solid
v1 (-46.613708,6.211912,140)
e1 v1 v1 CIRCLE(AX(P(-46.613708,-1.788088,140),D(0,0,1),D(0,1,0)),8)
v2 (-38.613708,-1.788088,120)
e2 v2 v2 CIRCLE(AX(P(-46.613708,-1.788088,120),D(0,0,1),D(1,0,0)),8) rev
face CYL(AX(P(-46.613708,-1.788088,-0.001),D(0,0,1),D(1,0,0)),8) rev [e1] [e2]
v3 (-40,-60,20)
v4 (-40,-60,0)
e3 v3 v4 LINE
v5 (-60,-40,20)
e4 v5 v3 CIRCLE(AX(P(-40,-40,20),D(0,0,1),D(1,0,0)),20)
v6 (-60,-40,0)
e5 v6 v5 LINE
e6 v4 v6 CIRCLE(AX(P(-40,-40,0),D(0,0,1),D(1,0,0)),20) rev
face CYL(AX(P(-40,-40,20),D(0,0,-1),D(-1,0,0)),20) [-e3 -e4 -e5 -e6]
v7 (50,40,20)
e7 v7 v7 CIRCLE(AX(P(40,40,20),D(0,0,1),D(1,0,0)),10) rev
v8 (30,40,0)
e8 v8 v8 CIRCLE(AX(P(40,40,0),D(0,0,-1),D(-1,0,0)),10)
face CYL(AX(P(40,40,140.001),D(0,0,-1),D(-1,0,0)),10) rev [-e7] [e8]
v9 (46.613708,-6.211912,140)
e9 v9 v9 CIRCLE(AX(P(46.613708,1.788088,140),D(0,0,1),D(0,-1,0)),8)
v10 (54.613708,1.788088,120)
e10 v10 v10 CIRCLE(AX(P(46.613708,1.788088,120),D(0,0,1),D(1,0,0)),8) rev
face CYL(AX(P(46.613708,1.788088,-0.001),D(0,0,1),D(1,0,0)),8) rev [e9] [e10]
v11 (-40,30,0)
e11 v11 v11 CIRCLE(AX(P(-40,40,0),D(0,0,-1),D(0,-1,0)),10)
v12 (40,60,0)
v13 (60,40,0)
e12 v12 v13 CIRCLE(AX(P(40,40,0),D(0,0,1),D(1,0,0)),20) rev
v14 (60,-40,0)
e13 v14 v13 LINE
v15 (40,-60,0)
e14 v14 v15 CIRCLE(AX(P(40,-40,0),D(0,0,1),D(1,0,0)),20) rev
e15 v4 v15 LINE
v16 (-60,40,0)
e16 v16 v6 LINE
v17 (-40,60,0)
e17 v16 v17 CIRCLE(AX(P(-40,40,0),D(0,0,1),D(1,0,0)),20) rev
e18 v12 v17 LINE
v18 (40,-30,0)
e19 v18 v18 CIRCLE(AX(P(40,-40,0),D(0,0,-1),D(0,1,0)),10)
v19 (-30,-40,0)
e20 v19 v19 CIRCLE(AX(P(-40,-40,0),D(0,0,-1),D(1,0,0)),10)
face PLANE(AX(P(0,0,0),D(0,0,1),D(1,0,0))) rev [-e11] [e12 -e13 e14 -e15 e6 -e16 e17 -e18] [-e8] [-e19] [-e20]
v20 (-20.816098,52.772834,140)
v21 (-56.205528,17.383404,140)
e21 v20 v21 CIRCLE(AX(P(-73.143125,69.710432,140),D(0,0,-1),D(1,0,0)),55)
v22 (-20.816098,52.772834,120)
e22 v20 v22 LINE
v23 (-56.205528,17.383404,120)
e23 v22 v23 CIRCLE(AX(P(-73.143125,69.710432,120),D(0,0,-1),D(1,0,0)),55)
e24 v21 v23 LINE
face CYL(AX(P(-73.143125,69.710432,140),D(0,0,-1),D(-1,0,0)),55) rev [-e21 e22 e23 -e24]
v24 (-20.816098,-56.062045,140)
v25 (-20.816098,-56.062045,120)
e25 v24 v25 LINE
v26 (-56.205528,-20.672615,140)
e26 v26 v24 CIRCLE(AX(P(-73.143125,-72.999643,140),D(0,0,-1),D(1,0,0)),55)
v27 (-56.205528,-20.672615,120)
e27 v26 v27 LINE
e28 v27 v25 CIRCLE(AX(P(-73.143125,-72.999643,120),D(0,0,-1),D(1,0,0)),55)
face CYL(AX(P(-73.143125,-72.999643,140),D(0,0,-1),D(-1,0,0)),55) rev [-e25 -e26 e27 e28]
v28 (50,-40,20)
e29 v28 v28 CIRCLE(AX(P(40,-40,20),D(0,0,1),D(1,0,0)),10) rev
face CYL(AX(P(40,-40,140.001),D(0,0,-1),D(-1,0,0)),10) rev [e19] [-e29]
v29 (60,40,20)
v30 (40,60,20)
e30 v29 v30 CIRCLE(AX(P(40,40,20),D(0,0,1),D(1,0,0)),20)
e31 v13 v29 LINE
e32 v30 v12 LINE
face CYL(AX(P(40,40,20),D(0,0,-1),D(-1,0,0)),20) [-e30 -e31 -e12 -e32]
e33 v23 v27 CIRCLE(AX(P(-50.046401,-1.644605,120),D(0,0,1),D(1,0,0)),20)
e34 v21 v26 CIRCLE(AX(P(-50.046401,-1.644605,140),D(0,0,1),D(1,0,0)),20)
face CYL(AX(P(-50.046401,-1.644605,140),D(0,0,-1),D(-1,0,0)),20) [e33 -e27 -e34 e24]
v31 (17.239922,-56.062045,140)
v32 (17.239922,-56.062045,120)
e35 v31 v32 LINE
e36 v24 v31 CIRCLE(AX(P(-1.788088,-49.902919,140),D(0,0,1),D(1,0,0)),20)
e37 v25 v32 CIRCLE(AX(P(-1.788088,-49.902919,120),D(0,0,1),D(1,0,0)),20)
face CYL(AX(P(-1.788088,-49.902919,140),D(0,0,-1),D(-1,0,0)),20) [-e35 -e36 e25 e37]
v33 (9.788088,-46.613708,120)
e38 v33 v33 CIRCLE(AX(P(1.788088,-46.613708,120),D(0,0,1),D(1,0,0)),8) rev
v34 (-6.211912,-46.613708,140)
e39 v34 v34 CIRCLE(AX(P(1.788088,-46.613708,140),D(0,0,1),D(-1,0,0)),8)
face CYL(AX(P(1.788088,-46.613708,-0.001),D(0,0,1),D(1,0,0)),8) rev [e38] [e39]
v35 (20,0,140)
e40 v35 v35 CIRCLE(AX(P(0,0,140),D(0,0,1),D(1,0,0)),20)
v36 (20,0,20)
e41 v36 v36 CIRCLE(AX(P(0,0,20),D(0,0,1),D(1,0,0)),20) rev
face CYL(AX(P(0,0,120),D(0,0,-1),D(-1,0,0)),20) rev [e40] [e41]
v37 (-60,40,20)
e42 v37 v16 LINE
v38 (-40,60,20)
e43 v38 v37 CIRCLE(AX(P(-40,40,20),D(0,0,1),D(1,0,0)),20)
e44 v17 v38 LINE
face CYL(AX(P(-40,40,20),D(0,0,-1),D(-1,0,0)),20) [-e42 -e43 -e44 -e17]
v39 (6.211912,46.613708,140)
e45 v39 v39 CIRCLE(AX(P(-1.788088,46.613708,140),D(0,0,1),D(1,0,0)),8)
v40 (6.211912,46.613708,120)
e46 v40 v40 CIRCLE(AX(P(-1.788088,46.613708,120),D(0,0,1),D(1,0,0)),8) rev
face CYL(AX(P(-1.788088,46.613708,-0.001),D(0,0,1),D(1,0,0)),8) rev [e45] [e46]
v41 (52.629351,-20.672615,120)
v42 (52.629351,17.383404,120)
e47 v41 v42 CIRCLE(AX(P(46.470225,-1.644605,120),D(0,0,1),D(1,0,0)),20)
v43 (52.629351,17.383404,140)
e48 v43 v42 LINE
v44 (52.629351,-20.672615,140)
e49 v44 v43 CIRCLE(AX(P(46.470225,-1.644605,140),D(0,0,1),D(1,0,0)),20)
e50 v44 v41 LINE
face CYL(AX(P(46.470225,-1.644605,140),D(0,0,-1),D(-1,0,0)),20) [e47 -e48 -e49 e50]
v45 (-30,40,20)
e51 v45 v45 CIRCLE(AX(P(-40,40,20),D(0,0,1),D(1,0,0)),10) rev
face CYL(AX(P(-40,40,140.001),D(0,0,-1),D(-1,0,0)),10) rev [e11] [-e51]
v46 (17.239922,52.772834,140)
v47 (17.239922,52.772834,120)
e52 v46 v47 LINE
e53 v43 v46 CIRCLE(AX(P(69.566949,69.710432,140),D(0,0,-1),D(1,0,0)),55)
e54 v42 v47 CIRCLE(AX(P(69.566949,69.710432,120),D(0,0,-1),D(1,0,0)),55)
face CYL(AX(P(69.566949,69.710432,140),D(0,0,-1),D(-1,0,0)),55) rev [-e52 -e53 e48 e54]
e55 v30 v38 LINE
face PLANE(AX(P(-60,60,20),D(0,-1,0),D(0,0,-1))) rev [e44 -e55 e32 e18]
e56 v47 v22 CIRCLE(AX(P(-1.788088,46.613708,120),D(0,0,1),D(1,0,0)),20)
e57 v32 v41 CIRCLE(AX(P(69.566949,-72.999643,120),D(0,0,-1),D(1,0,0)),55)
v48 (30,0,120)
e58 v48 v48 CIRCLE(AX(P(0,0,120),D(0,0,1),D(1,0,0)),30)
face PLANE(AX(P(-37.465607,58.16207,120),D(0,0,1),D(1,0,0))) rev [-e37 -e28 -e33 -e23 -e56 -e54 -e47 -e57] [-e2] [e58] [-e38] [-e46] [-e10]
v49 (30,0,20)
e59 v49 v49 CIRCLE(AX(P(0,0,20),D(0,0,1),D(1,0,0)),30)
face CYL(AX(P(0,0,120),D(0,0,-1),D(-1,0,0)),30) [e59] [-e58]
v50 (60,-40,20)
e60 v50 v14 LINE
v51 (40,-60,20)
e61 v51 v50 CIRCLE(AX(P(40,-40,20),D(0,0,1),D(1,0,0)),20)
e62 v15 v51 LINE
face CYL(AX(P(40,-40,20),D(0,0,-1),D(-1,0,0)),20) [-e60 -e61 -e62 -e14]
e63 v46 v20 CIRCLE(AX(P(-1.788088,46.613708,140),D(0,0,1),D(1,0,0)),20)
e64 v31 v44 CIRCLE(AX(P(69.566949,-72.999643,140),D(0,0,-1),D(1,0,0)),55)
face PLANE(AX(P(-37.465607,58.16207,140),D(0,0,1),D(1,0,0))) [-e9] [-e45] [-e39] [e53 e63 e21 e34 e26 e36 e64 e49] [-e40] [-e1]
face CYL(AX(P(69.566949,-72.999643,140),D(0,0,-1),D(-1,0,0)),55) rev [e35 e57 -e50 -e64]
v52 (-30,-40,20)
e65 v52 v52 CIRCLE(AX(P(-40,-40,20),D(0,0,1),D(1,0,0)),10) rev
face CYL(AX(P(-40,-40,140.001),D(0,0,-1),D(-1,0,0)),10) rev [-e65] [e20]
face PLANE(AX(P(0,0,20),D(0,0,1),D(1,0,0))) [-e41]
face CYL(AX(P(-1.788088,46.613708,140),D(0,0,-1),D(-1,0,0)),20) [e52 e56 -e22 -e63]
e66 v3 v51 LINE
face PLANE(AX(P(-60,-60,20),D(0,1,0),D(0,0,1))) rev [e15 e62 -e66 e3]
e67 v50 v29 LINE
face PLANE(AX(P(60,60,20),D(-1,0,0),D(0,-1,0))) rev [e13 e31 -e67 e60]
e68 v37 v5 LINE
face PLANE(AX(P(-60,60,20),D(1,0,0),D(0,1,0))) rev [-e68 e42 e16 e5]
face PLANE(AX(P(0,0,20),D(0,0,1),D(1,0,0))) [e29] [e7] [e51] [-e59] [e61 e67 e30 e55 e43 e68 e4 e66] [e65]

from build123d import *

# Parameters (mm, degrees)
SCHIZZO1_W                   = 120
SCHIZZO1_H                   = 120
ESTRUSIONE_ESTRUSIONE1_DEPTH = 20
SCHIZZO3_R                   = 30
SCHIZZO3_R_2                 = 20
ESTRUSIONE_ESTRUSIONE2_DEPTH = 100
SCHIZZO4_R                   = 20
ESTRUSIONE_ESTRUSIONE3_DEPTH = 20
RACCORDO2_R                  = 20
SCHIZZO8_R                   = 8
TAGLIO_ESTRUSIONE1_DEPTH     = 20
SCHIZZO7_R                   = 10
TAGLIO_ESTRUSIONE2_DEPTH     = 20
RIPETIZIONECIRCOLARE1_COUNT  = 4


with BuildPart() as part:
    # Schizzo1 → Estrusione-Estrusione1 (new body)
    with BuildSketch(Plane.XY):
        Rectangle(SCHIZZO1_W, SCHIZZO1_H)
    extrude(amount=ESTRUSIONE_ESTRUSIONE1_DEPTH)

    # Schizzo3 → Estrusione-Estrusione2 (add)
    with BuildSketch(Plane.XY.offset(20)):
        Circle(SCHIZZO3_R)
        Circle(SCHIZZO3_R_2, mode=Mode.SUBTRACT)
    extrude(amount=ESTRUSIONE_ESTRUSIONE2_DEPTH)

    # Schizzo4 → Estrusione-Estrusione3 (add)
    with BuildSketch(Plane.XY.offset(120)):
        with BuildLine():
            ThreePointArc((-56.205527859, 17.383404463), (-34.252252481, 30.819558816), (-20.816098128, 52.772834194))
            ThreePointArc((-20.816098128, 52.772834194), (-1.788088194, 66.613707799), (17.23992174, 52.772834194))
            ThreePointArc((17.23992174, 52.772834194), (30.676076093, 30.819558816), (52.629351472, 17.383404463))
            ThreePointArc((52.629351472, 17.383404463), (66.470225076, -1.644605471), (52.629351472, -20.672615405))
            ThreePointArc((52.629351472, -20.672615405), (30.676076093, -34.108769758), (17.23992174, -56.062045137))
            ThreePointArc((17.23992174, -56.062045137), (-1.788088194, -69.902918741), (-20.816098128, -56.062045137))
            ThreePointArc((-20.816098128, -56.062045137), (-34.252252481, -34.108769758), (-56.205527859, -20.672615405))
            ThreePointArc((-56.205527859, -20.672615405), (-70.046401464, -1.644605471), (-56.205527859, 17.383404463))
        make_face()
        Circle(SCHIZZO4_R, mode=Mode.SUBTRACT)
    extrude(amount=ESTRUSIONE_ESTRUSIONE3_DEPTH)

    # Raccordo2
    raccordo2_edges = [part.edges().sort_by_distance(p)[0] for p in [
        (-60, 60, 10),
        (60, 60, 10),
        (60, -60, 10),
        (-60, -60, 10),
    ]]
    fillet(raccordo2_edges, radius=RACCORDO2_R)

    # Schizzo8 → Taglio-Estrusione1 (cut)
    with BuildSketch(Plane.XY.offset(140)):
        with Locations((-1.788088194, 46.613707799)):
            Circle(SCHIZZO8_R)
    taglio_estrusione1 = extrude(amount=-TAGLIO_ESTRUSIONE1_DEPTH, mode=Mode.SUBTRACT)

    # Schizzo7 → Taglio-Estrusione2 (cut)
    with BuildSketch(Plane(origin=(0, 0, 0), x_dir=(-1, 0, 0), z_dir=(0, 0, -1))):
        with Locations((-40, 40)):
            Circle(SCHIZZO7_R)
    taglio_estrusione2 = extrude(amount=-TAGLIO_ESTRUSIONE2_DEPTH, mode=Mode.SUBTRACT)

    # RipetizioneCircolare1: Taglio-Estrusione1, Taglio-Estrusione2 ×4 about axis
    ripetizionecircolare1_axis = Axis((0, 0, 0), (0, 0, 1))
    for i in range(1, RIPETIZIONECIRCOLARE1_COUNT):
        add(taglio_estrusione1.rotate(ripetizionecircolare1_axis, i * 360 / RIPETIZIONECIRCOLARE1_COUNT), mode=Mode.SUBTRACT)
        add(taglio_estrusione2.rotate(ripetizionecircolare1_axis, i * 360 / RIPETIZIONECIRCOLARE1_COUNT), mode=Mode.SUBTRACT)


solid = part.part
